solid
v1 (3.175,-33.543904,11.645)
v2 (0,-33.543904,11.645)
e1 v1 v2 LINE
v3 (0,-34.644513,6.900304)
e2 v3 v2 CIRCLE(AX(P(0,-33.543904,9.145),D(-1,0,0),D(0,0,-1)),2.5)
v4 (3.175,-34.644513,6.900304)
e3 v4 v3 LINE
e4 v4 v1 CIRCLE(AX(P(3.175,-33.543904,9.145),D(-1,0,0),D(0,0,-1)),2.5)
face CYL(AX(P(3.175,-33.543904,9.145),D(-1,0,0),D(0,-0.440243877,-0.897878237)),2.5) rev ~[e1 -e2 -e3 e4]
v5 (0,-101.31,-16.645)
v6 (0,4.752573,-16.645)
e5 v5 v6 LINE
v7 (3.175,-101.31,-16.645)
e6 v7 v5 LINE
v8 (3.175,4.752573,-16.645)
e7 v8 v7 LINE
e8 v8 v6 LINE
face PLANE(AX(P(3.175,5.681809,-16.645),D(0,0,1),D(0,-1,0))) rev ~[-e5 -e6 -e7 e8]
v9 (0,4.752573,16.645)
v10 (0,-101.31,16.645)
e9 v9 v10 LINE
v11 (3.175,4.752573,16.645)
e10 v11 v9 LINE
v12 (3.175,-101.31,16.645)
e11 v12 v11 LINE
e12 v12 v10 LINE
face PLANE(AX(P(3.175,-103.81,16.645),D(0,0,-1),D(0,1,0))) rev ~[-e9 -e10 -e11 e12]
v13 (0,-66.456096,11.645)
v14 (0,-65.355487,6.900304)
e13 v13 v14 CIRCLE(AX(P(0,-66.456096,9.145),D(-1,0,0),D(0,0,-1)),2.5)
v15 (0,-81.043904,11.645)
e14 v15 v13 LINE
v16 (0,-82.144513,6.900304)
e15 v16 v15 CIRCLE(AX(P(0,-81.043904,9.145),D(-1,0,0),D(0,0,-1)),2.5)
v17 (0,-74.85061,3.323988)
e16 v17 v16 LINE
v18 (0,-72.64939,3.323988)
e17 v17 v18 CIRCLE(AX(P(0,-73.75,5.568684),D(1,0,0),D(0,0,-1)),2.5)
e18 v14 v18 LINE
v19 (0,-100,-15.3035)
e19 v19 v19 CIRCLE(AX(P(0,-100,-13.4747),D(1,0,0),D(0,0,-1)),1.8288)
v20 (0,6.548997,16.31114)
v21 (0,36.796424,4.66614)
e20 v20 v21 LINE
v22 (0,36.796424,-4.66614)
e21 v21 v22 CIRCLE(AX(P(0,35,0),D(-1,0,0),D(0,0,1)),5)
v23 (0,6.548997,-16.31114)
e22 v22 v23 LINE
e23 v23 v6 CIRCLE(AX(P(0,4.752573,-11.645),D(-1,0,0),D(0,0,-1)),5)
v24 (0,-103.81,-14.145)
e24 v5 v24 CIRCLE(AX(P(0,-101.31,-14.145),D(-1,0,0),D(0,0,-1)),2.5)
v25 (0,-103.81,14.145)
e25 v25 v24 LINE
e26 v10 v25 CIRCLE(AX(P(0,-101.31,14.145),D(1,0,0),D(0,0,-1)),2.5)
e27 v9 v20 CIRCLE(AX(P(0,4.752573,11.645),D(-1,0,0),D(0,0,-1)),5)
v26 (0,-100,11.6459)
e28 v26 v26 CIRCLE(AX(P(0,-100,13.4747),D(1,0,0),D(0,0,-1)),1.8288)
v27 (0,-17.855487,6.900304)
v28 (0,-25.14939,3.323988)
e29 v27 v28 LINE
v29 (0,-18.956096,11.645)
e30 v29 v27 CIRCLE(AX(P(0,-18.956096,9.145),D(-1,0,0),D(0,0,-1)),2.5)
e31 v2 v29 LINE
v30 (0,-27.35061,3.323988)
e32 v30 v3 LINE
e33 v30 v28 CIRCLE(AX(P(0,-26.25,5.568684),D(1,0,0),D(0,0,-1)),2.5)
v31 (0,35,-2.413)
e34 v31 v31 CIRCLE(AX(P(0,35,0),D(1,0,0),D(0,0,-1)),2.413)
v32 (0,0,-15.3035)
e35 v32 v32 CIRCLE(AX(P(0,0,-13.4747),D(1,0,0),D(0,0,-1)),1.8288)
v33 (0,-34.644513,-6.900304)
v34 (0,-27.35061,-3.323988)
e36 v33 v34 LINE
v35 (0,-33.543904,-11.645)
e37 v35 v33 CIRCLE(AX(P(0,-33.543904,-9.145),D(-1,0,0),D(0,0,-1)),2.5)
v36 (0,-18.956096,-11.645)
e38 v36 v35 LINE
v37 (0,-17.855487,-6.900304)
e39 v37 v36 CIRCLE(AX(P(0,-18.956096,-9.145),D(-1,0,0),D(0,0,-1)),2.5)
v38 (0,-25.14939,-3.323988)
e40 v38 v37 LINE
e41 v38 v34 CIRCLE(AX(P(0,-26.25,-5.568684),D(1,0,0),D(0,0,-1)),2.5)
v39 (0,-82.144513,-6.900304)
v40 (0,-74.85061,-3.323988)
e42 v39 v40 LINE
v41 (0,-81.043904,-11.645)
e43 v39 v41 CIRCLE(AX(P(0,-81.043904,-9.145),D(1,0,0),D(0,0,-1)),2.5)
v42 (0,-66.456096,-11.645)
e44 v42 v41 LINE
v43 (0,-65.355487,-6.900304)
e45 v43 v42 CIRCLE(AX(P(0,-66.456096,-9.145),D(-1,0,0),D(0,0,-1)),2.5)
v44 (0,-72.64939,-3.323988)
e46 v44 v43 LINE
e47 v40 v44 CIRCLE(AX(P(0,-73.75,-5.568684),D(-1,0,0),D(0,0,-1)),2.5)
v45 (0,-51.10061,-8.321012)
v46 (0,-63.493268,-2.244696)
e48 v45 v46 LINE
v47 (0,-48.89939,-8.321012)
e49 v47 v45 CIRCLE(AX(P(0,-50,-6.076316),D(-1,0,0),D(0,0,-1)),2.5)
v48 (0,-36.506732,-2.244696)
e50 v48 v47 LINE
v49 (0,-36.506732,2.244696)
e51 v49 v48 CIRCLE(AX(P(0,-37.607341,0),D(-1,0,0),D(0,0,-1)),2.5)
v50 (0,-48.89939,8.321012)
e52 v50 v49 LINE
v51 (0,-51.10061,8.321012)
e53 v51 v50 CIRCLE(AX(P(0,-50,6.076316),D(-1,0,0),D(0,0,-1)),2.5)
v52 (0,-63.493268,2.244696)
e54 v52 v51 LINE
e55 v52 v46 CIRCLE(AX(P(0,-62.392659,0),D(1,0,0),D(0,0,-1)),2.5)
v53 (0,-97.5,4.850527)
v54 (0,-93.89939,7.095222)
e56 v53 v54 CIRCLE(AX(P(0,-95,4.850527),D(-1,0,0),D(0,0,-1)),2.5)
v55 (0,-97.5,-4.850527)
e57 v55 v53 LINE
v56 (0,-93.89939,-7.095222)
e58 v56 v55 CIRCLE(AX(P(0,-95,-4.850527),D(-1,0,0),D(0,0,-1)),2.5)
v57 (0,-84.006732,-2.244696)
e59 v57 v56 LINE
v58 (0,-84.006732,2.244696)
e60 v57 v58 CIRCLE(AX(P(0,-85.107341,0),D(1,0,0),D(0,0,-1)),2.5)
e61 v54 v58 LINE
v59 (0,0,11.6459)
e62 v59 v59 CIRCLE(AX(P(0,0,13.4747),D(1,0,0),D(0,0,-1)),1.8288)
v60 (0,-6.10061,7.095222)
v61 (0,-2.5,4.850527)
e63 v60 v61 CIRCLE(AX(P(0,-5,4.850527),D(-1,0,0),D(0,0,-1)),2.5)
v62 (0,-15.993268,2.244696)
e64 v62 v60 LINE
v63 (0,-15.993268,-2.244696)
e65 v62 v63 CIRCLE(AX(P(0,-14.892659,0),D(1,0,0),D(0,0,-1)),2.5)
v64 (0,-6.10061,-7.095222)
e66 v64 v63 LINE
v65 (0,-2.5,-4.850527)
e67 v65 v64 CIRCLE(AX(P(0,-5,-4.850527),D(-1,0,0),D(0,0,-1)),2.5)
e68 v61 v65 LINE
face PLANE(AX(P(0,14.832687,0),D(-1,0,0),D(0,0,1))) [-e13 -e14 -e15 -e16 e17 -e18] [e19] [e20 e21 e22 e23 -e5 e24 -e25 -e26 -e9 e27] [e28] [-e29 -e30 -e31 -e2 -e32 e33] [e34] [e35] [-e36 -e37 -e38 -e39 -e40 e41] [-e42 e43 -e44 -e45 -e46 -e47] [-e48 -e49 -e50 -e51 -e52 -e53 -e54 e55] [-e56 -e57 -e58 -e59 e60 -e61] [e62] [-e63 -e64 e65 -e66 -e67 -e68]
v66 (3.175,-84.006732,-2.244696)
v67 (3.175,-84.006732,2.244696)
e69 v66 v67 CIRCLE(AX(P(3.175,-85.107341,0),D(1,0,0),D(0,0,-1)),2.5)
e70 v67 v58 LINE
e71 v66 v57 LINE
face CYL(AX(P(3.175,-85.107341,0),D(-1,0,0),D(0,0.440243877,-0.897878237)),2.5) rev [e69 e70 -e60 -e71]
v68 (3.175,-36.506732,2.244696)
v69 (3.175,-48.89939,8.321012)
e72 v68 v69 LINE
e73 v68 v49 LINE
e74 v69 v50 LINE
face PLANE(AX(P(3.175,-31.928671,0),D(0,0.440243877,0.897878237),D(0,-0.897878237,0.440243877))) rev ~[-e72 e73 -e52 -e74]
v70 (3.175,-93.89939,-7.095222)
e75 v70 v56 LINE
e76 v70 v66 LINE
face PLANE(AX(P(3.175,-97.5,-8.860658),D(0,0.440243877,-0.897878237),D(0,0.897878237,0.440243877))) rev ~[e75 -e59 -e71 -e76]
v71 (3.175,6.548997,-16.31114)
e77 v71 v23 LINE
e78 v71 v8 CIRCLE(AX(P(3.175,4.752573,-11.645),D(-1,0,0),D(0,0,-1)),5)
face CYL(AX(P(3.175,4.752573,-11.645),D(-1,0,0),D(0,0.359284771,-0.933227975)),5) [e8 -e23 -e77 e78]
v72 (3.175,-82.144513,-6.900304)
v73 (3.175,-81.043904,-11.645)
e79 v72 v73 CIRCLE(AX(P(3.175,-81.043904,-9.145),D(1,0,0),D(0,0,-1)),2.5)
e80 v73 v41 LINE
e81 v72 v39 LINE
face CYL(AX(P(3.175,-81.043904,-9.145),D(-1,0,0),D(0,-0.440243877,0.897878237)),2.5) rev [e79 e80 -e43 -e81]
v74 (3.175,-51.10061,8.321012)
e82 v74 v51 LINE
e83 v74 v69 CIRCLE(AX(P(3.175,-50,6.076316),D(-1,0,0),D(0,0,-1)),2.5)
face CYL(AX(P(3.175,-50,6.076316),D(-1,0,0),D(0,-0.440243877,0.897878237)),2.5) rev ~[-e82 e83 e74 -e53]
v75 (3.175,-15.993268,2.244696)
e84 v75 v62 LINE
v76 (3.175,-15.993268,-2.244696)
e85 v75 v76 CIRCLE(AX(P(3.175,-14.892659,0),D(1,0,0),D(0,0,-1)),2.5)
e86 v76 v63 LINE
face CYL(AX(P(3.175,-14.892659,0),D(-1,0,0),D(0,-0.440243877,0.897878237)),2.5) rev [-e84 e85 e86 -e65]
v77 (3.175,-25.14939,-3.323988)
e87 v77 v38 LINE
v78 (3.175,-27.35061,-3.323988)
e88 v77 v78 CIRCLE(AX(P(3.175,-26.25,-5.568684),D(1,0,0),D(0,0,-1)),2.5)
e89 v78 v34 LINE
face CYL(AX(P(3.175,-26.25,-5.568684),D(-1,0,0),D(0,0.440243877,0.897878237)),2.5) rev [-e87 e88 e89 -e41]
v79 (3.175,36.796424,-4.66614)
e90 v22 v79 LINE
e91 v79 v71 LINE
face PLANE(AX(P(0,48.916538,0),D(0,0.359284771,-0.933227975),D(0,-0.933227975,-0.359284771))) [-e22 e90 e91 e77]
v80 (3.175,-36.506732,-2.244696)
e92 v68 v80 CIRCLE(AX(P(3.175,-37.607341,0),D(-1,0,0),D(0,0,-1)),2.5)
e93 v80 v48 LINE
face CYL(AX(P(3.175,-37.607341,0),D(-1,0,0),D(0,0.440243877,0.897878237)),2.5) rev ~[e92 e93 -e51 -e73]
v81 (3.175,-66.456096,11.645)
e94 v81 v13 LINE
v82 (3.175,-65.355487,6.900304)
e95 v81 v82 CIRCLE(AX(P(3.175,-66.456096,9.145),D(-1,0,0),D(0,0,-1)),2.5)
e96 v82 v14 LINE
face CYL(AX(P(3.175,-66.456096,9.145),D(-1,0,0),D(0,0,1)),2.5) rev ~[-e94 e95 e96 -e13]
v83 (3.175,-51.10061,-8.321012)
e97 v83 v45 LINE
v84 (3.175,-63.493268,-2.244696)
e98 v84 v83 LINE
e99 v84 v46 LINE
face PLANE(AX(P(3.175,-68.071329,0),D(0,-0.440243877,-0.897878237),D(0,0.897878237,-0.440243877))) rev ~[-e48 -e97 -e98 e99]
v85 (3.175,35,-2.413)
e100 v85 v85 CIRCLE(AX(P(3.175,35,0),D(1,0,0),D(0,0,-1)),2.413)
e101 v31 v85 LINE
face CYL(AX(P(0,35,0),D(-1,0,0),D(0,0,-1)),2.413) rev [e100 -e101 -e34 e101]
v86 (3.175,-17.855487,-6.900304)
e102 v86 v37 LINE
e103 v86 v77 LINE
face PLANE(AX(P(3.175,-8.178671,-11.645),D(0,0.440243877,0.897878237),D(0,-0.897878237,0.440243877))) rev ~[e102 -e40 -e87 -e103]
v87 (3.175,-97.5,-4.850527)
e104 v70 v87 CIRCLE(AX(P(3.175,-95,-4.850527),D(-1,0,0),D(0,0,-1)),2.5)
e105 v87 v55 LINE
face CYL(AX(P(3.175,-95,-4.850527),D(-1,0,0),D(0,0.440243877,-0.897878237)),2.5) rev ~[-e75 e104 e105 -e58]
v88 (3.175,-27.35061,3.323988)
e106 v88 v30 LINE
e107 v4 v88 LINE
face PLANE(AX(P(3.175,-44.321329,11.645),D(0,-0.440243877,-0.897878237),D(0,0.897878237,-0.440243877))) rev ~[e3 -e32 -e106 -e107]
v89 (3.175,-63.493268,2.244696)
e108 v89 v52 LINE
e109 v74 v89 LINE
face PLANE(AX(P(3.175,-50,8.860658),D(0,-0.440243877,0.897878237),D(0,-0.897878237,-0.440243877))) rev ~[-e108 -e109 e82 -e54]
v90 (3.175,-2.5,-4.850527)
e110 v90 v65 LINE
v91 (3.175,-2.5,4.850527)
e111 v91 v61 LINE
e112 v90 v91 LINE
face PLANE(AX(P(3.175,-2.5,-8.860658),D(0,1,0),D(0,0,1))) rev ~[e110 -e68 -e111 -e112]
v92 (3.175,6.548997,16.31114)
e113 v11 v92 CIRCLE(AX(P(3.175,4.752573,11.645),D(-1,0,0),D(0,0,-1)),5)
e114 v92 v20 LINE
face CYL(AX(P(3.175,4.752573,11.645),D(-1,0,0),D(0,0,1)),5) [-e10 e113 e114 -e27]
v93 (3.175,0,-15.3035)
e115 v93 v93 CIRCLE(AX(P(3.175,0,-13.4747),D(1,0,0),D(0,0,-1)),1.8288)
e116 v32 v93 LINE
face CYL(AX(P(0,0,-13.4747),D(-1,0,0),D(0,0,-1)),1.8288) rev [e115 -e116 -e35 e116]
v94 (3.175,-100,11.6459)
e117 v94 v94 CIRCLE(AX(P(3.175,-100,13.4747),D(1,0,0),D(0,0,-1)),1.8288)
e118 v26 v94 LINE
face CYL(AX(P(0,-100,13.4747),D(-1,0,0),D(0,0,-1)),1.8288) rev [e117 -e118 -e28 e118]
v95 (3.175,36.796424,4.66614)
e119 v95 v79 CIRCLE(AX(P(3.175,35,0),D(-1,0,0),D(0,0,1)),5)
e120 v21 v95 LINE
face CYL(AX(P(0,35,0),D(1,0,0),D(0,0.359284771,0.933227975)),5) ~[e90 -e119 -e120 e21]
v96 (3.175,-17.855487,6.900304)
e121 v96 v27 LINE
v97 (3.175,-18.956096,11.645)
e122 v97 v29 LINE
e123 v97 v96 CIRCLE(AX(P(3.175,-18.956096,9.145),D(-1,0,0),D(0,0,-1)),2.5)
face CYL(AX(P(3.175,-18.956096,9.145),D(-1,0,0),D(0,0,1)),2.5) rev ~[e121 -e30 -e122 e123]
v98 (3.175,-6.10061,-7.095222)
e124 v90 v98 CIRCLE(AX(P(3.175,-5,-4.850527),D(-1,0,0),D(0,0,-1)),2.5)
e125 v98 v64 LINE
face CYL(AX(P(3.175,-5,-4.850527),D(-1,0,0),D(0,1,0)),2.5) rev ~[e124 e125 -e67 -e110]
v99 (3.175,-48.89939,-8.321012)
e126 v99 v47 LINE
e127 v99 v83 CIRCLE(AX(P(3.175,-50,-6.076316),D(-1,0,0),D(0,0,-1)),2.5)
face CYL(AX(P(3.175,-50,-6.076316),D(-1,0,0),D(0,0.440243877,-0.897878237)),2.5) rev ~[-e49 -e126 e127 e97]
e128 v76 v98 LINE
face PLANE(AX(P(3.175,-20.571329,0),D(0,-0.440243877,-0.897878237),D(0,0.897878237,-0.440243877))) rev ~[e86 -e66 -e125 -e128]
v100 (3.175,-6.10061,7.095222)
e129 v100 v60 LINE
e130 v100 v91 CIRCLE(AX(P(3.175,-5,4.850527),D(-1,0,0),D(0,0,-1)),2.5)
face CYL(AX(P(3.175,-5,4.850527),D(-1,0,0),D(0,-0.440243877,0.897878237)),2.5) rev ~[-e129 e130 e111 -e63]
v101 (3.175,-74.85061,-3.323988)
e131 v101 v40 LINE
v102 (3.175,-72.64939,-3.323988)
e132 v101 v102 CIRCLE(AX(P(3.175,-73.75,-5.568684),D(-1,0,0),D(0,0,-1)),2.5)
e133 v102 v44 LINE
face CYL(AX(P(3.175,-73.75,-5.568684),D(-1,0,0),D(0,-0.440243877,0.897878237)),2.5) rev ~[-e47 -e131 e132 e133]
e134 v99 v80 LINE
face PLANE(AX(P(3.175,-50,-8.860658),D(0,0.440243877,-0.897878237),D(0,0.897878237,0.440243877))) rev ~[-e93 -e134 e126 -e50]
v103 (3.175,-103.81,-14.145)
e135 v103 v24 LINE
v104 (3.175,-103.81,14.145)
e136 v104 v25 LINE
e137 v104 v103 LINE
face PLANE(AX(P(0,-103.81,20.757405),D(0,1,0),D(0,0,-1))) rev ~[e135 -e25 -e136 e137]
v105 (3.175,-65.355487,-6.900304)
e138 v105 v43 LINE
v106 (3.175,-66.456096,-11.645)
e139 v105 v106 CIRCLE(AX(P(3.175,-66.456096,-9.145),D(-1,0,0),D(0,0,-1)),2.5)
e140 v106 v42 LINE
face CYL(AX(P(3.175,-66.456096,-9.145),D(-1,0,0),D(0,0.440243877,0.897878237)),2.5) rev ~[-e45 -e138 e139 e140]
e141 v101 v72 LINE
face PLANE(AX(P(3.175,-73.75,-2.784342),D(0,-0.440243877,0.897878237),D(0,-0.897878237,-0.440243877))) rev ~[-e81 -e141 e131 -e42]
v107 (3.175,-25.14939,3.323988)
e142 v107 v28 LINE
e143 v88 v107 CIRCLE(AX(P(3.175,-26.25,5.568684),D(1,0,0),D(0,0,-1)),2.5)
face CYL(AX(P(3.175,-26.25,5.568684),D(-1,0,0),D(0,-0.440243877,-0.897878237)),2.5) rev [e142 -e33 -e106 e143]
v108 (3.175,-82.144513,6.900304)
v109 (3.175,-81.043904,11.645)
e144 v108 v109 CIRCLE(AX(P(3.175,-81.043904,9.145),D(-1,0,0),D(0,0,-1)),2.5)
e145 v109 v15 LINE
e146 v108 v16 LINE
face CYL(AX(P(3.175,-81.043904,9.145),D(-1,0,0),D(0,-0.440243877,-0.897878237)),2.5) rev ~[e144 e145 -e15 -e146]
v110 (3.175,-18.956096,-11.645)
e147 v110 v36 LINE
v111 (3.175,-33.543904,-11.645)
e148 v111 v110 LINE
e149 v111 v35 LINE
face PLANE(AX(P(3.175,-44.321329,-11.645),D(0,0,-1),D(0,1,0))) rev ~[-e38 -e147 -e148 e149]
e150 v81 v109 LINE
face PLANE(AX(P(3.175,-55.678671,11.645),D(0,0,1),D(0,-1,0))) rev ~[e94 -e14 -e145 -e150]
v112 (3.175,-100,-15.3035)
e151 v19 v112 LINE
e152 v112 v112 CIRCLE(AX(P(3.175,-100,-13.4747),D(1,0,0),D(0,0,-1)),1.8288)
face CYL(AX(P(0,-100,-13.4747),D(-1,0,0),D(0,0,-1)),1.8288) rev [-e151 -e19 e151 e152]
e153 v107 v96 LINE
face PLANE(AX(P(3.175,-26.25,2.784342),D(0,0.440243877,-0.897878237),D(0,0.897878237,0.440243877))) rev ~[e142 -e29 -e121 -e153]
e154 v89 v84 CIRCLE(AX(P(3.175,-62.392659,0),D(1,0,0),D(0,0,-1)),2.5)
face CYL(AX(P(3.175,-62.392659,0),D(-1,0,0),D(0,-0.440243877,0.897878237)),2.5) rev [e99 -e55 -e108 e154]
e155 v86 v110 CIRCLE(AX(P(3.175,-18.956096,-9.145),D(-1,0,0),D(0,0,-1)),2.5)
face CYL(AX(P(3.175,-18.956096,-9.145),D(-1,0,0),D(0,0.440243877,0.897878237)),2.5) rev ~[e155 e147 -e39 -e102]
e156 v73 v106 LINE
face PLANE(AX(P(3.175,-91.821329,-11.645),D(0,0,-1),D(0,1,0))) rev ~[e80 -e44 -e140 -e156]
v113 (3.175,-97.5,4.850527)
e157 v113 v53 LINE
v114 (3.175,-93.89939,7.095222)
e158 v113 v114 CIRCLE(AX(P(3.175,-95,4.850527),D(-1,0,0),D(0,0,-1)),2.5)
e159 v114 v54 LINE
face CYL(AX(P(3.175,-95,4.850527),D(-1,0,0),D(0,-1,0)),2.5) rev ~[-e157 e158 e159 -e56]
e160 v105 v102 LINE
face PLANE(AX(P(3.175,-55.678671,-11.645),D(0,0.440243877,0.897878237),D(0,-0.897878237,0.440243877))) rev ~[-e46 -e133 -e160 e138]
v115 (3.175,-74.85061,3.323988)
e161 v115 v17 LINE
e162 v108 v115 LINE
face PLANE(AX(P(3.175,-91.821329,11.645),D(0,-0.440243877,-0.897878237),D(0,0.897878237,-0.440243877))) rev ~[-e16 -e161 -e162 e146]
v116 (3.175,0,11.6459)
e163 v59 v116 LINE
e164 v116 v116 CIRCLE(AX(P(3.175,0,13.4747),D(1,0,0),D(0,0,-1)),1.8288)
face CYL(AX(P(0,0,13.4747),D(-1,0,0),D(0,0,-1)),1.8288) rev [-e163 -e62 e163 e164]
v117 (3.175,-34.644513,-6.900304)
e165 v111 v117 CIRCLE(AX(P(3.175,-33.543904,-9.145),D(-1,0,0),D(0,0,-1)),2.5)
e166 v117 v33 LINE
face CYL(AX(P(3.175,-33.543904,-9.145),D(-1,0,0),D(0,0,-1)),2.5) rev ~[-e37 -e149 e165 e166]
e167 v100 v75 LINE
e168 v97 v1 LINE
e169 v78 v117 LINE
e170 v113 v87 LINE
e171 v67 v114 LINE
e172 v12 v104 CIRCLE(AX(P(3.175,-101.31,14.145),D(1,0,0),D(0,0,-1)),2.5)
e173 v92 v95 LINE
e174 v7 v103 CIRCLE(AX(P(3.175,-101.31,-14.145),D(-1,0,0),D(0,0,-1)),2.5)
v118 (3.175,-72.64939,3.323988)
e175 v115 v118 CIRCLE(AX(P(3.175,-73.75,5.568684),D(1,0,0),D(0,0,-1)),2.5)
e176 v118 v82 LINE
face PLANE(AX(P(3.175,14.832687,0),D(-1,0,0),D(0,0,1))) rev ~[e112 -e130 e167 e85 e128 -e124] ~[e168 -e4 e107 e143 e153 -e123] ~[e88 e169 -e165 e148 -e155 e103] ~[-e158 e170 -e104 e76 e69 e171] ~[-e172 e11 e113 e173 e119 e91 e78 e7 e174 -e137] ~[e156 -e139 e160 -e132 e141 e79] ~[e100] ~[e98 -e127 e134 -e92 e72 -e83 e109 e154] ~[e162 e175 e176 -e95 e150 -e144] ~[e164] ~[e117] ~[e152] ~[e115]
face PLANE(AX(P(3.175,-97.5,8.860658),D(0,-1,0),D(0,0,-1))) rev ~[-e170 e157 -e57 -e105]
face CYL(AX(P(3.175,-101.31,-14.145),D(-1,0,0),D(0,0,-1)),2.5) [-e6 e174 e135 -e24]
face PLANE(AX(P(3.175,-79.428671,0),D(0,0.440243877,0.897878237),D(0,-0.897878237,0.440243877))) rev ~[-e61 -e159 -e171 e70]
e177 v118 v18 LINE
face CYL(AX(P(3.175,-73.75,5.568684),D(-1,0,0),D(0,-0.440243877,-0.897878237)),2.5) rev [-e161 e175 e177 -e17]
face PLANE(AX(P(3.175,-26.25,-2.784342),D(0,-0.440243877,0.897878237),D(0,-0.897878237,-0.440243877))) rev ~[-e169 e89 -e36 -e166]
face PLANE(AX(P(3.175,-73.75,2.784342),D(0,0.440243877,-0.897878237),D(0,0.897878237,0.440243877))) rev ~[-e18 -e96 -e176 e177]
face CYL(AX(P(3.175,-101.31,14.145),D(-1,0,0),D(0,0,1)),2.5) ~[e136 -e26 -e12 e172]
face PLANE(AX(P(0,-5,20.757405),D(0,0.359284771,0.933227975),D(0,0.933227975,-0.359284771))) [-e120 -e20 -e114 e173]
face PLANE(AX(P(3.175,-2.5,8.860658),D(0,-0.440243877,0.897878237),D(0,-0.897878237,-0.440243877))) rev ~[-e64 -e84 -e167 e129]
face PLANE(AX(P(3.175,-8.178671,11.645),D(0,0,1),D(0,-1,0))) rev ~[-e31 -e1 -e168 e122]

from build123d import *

# Parameters (mm, degrees)
SKETCH1_W           = 41.514809608
SKETCH1_H           = 98.81
SKETCH1_R           = 1.8288
SKETCH1_R_2         = 2.413
BOSS_EXTRUDE1_DEPTH = 3.175
CUT_EXTRUDE1_DEPTH  = 106.912542124
FILLET1_R           = 2.5
FILLET2_R           = 5


with BuildPart() as part:
    # Sketch1 → Boss-Extrude1 (new body)
    # profile 1 of 2: a face of its own
    with BuildSketch(Plane(origin=(0, 0, 0), x_dir=(0, 0, -1), z_dir=(1, 0, 0))):
        with Locations((0, -54.405)):
            Rectangle(SKETCH1_W, SKETCH1_H)
        with Locations((13.4747, -100)):
            Circle(SKETCH1_R, mode=Mode.SUBTRACT)
        with Locations((-13.4747, -100)):
            Circle(SKETCH1_R, mode=Mode.SUBTRACT)
    # profile 2 of 2: a face of its own
    with BuildSketch(Plane(origin=(0, 0, 0), x_dir=(0, 0, -1), z_dir=(1, 0, 0))):
        Polygon((0, 48.916537522), (20.757404804, -5), (-20.757404804, -5), align=None)
        with Locations((13.4747, 0)):
            Circle(SKETCH1_R, mode=Mode.SUBTRACT)
        with Locations((0, 35)):
            Circle(SKETCH1_R_2, mode=Mode.SUBTRACT)
        with Locations((-13.4747, 0)):
            Circle(SKETCH1_R, mode=Mode.SUBTRACT)
    extrude(amount=BOSS_EXTRUDE1_DEPTH)

    # Sketch2 → Cut-Extrude1 (cut, through all)
    with BuildSketch(Plane(origin=(3.175, 0, 0), x_dir=(0, 0, -1), z_dir=(1, 0, 0))):
        Polygon((16.645, 5.681808734), (16.645, -103.81), (20.757404804, -103.81), (20.757404804, -5), align=None)
        Polygon((-20.757404804, -103.81), (-16.645, -103.81), (-16.645, 5.681808734), (-20.757404804, -5), align=None)
        Polygon((-11.645, -91.821329309), (-2.784341903, -73.75), (-11.645, -55.678670691), align=None)
        Polygon((8.860658097, -97.5), (0, -79.428670691), (-8.860658097, -97.5), align=None)
        Polygon((2.784341903, -73.75), (11.645, -91.821329309), (11.645, -55.678670691), align=None)
        Polygon((-8.860658097, -50), (0, -68.071329309), (8.860658097, -50), (0, -31.928670691), align=None)
        Polygon((11.645, -8.178670691), (2.784341903, -26.25), (11.645, -44.321329309), align=None)
        Polygon((-11.645, -44.321329309), (-2.784341903, -26.25), (-11.645, -8.178670691), align=None)
        Polygon((-8.860658097, -2.5), (0, -20.571329309), (8.860658097, -2.5), align=None)
    extrude(amount=-CUT_EXTRUDE1_DEPTH, mode=Mode.SUBTRACT)

    # Fillet1
    fillet1_edges = [part.edges().sort_by_distance(p)[0] for p in [
        (1.5875, -91.821329309, -11.645),
        (1.5875, -73.75, -2.784341903),
        (1.5875, -55.678670691, -11.645),
        (1.5875, -97.5, 8.860658097),
        (1.5875, -79.428670691, 0),
        (1.5875, -97.5, -8.860658097),
        (1.5875, -103.81, -16.645),
        (1.5875, -44.321329309, -11.645),
        (1.5875, -26.25, -2.784341903),
        (1.5875, -8.178670691, -11.645),
        (1.5875, -50, -8.860658097),
        (1.5875, -68.071329309, 0),
        (1.5875, -50, 8.860658097),
        (1.5875, -31.928670691, 0),
        (1.5875, -2.5, -8.860658097),
        (1.5875, -20.571329309, 0),
        (1.5875, -2.5, 8.860658097),
        (1.5875, -8.178670691, 11.645),
        (1.5875, -26.25, 2.784341903),
        (1.5875, -44.321329309, 11.645),
        (1.5875, -103.81, 16.645),
        (1.5875, -55.678670691, 11.645),
        (1.5875, -73.75, 2.784341903),
        (1.5875, -91.821329309, 11.645),
    ]]
    fillet(fillet1_edges, radius=FILLET1_R)

    # Fillet2
    fillet2_edges = [part.edges().sort_by_distance(p)[0] for p in [
        (1.5875, 48.916537522, 0),
        (1.5875, 5.681808734, -16.645),
        (1.5875, 5.681808734, 16.645),
    ]]
    fillet(fillet2_edges, radius=FILLET2_R)


solid = part.part
